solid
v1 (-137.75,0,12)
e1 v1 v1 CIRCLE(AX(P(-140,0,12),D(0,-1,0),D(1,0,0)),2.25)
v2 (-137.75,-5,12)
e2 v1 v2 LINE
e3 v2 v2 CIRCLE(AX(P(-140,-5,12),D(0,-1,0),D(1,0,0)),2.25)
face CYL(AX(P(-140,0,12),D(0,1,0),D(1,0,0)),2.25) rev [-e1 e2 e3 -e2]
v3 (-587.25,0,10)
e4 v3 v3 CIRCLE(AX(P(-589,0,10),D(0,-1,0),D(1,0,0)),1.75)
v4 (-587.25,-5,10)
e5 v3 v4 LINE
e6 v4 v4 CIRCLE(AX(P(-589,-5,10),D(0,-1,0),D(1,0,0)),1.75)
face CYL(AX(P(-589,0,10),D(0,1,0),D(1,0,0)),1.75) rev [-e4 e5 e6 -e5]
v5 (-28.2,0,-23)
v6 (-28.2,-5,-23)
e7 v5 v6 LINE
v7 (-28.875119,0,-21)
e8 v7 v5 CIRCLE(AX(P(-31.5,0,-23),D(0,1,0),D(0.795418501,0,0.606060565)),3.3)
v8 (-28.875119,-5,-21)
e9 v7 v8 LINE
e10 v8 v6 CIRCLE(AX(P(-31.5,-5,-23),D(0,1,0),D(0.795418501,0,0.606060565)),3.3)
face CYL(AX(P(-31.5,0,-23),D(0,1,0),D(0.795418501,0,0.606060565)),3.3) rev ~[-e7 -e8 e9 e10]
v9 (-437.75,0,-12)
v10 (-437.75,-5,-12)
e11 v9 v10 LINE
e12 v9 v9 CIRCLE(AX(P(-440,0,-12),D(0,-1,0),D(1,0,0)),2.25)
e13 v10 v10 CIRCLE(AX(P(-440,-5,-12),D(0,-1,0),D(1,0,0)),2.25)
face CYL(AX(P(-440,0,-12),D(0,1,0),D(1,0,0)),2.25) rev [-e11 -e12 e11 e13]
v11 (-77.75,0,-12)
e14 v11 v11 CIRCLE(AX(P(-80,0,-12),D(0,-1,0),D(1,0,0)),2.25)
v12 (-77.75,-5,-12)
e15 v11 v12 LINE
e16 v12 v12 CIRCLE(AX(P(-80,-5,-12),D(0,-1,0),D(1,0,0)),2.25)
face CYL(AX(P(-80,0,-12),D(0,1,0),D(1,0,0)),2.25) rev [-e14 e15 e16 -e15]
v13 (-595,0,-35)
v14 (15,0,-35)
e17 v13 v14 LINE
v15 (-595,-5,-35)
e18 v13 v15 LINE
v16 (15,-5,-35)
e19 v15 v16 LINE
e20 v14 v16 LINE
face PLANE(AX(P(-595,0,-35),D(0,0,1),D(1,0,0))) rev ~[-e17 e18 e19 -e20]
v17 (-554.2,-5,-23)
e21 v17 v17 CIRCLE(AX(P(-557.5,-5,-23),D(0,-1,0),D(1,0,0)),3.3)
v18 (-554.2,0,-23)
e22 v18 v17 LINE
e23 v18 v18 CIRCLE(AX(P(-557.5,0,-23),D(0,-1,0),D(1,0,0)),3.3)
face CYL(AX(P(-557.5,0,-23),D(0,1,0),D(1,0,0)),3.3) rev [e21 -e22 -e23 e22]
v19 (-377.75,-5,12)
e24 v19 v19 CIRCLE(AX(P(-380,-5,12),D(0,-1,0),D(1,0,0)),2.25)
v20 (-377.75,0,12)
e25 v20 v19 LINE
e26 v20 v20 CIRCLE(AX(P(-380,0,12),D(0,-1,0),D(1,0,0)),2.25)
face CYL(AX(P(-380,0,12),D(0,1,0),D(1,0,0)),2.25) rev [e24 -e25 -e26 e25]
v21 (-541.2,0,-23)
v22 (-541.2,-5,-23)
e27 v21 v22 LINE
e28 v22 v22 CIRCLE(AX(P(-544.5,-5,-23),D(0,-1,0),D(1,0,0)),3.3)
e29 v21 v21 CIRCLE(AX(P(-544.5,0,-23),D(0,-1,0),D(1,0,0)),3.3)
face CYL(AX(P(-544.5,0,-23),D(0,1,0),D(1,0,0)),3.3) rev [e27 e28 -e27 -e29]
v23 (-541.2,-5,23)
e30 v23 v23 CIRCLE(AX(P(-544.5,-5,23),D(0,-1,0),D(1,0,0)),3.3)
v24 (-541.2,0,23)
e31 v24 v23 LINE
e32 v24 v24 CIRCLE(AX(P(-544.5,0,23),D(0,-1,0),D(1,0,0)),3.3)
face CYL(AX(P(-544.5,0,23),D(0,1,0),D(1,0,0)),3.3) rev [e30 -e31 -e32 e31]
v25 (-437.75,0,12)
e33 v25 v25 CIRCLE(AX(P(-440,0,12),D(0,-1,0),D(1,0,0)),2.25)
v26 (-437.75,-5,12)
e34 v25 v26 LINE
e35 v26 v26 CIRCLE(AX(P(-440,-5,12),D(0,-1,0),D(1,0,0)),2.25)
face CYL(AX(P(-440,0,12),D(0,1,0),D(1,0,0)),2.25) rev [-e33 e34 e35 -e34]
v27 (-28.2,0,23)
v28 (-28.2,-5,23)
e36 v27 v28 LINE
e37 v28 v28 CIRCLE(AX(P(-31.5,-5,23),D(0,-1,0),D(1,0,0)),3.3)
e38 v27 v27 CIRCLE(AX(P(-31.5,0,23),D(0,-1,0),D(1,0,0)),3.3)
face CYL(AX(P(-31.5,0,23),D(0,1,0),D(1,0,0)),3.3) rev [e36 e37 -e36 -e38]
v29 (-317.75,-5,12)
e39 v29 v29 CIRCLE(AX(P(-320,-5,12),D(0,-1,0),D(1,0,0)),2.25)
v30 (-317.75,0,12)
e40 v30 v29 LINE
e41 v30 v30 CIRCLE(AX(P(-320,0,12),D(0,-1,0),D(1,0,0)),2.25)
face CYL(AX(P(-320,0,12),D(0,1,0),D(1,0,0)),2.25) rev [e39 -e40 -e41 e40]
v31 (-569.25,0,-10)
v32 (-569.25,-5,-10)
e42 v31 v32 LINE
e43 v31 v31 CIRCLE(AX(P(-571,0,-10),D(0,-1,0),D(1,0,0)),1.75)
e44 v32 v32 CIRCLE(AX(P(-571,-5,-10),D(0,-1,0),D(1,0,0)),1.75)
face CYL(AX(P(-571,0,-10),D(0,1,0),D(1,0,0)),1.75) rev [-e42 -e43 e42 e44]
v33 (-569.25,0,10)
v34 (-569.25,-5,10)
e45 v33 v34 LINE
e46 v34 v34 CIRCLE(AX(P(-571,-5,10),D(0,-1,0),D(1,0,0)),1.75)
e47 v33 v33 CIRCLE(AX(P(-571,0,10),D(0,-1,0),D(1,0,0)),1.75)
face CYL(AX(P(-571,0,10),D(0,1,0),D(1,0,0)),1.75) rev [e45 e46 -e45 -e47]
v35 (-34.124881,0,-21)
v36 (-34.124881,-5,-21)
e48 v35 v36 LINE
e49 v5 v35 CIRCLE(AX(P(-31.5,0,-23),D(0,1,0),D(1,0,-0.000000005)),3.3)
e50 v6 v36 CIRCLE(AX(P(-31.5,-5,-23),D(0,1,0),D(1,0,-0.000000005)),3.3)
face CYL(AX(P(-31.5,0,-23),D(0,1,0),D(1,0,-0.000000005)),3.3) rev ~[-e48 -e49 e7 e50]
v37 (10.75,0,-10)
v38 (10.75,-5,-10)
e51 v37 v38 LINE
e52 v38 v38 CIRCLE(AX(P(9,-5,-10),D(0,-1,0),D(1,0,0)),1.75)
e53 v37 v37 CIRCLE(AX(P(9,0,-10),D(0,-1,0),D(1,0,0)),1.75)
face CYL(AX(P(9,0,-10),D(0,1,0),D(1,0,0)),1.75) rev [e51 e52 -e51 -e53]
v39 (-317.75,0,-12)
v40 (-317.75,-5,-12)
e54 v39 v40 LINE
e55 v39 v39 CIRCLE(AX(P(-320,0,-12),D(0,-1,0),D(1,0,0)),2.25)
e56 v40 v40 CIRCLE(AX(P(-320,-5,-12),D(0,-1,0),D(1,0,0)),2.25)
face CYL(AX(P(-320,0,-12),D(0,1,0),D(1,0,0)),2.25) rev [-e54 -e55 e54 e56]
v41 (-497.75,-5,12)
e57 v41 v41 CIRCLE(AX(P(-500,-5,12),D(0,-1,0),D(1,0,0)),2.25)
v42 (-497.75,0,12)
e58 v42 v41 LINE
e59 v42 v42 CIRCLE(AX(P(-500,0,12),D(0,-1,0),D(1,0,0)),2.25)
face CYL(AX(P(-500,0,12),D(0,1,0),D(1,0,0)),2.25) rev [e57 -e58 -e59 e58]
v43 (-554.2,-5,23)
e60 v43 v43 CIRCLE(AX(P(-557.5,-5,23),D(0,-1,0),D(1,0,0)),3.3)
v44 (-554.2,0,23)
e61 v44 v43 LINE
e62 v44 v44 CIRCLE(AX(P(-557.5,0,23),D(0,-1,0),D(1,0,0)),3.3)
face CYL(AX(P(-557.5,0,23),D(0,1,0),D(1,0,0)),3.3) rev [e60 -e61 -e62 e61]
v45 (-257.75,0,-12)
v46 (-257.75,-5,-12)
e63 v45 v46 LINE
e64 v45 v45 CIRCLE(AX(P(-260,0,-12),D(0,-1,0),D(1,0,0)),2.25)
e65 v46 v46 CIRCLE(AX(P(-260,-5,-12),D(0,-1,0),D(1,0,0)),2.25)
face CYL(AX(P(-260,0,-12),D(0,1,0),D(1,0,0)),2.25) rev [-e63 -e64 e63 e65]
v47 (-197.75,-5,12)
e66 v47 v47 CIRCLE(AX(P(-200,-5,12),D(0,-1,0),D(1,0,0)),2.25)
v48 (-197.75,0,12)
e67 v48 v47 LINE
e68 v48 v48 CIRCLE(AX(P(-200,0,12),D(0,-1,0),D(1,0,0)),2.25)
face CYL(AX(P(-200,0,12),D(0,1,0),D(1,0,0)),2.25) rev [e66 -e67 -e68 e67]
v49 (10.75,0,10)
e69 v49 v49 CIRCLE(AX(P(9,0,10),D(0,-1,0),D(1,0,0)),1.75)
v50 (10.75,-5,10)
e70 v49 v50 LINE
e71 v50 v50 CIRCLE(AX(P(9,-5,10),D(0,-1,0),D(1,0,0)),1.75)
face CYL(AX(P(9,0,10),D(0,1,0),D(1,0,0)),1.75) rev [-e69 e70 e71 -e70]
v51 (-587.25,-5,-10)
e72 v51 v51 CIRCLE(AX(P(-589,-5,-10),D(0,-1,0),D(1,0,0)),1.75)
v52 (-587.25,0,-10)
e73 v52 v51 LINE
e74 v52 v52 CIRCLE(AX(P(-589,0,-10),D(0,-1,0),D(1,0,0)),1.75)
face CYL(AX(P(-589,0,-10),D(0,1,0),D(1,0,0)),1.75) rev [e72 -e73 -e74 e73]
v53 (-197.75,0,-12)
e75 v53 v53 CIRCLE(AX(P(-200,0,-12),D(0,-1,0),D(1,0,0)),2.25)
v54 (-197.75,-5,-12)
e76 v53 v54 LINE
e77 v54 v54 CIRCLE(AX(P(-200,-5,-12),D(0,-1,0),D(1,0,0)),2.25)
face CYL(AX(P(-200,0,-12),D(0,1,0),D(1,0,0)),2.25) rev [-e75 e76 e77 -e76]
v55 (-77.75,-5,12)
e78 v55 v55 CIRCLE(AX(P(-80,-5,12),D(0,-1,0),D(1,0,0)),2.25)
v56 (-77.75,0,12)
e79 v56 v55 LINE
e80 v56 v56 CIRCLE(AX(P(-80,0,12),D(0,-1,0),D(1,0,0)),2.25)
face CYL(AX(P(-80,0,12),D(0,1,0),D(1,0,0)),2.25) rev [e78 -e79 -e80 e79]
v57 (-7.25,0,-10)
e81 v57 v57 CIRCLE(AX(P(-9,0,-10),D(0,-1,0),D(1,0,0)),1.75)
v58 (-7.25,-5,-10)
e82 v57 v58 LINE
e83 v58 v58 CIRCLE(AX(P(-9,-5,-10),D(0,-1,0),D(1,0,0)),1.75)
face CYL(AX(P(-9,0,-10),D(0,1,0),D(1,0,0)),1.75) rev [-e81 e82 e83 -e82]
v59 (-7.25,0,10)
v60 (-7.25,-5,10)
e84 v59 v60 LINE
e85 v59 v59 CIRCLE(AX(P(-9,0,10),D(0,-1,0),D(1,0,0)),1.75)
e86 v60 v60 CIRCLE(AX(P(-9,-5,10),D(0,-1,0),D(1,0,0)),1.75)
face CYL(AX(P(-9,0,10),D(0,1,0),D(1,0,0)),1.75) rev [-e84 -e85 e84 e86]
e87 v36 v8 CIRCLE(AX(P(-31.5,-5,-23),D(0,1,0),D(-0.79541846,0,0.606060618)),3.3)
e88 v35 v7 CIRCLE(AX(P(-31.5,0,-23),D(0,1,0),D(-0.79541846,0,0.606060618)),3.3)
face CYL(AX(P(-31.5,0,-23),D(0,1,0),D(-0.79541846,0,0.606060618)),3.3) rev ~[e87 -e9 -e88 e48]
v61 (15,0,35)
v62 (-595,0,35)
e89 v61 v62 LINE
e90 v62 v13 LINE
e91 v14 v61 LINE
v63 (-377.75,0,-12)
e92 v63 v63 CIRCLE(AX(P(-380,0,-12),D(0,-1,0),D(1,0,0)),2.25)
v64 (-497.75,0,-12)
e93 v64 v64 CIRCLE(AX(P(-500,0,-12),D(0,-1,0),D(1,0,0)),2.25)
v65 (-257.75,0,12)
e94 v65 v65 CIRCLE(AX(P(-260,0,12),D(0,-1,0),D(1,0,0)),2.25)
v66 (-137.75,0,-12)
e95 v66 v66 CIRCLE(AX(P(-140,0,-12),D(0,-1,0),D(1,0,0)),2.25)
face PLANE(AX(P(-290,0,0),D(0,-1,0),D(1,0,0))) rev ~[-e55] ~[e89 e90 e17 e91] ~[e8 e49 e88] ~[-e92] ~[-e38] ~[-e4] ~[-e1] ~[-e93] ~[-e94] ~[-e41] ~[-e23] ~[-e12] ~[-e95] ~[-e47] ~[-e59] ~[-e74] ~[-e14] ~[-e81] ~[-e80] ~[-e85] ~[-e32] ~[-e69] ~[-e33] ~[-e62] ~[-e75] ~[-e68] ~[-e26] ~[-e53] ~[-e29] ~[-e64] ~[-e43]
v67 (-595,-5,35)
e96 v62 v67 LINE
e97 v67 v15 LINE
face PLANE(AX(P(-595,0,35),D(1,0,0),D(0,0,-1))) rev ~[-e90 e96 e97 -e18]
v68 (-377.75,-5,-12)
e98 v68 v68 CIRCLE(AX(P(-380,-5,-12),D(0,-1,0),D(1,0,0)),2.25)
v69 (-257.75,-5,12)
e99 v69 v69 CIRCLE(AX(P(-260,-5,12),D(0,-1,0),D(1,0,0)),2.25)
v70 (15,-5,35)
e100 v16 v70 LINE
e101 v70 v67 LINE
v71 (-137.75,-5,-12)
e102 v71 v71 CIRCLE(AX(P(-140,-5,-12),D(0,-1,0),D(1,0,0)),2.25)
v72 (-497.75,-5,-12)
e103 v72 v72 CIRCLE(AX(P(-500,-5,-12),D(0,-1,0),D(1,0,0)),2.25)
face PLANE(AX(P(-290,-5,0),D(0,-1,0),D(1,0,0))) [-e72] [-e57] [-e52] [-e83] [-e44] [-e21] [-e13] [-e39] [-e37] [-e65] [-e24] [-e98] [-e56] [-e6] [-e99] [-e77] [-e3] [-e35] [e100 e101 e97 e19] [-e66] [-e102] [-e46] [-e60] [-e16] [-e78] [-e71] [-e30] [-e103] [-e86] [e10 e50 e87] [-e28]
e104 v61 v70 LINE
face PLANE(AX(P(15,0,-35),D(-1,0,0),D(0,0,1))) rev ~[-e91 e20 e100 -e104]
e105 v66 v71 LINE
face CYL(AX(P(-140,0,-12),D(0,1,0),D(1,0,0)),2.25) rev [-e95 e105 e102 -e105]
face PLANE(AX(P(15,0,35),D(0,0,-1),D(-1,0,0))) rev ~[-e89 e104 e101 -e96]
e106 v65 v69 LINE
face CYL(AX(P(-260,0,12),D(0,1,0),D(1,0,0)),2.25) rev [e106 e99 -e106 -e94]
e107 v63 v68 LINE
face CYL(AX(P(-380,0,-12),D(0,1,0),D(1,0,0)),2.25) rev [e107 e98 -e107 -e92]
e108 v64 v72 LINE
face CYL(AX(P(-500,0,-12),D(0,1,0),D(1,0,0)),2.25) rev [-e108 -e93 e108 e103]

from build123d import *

# Parameters (mm, degrees)
F0_R     = 3.3
F0_R_2   = 1.75
F0_R_3   = 2.25
F1_DEPTH = 5


with BuildPart() as f1:
    # F0 (on Front) → F1 (new body)
    with BuildSketch(Plane.XZ):
        Polygon((-563, -35), (-539, -35), (-41, -35), (-22, -35), (15, -35), (15, 35), (-22, 35), (-41, 35), (-539, 35), (-563, 35), (-595, 35), (-595, -35), align=None)
        with Locations((-557.5, -23)):
            Circle(F0_R, mode=Mode.SUBTRACT)
        with Locations((-544.5, -23)):
            Circle(F0_R, mode=Mode.SUBTRACT)
        with Locations((-589, -10)):
            Circle(F0_R_2, mode=Mode.SUBTRACT)
        with Locations((-571, -10)):
            Circle(F0_R_2, mode=Mode.SUBTRACT)
        with Locations((-500, -12)):
            Circle(F0_R_3, mode=Mode.SUBTRACT)
        with Locations((-440, -12)):
            Circle(F0_R_3, mode=Mode.SUBTRACT)
        with Locations((-380, -12)):
            Circle(F0_R_3, mode=Mode.SUBTRACT)
        with Locations((-320, -12)):
            Circle(F0_R_3, mode=Mode.SUBTRACT)
        with BuildLine():
            ThreePointArc((-28.2, -23), (-32.555437, -26.126668), (-34.124881, -21))
            ThreePointArc((-34.124881, -21), (-31.5, -19.7), (-28.875119, -21))
            ThreePointArc((-28.875119, -21), (-28.373332, -21.944563), (-28.2, -23))
        make_face(mode=Mode.SUBTRACT)
        with Locations((-260, -12)):
            Circle(F0_R_3, mode=Mode.SUBTRACT)
        with Locations((-200, -12)):
            Circle(F0_R_3, mode=Mode.SUBTRACT)
        with Locations((-140, -12)):
            Circle(F0_R_3, mode=Mode.SUBTRACT)
        with Locations((-80, -12)):
            Circle(F0_R_3, mode=Mode.SUBTRACT)
        with Locations((-9, -10)):
            Circle(F0_R_2, mode=Mode.SUBTRACT)
        with Locations((9, -10)):
            Circle(F0_R_2, mode=Mode.SUBTRACT)
        with Locations((-589, 10)):
            Circle(F0_R_2, mode=Mode.SUBTRACT)
        with Locations((-571, 10)):
            Circle(F0_R_2, mode=Mode.SUBTRACT)
        with Locations((-500, 12)):
            Circle(F0_R_3, mode=Mode.SUBTRACT)
        with Locations((-440, 12)):
            Circle(F0_R_3, mode=Mode.SUBTRACT)
        with Locations((-380, 12)):
            Circle(F0_R_3, mode=Mode.SUBTRACT)
        with Locations((-320, 12)):
            Circle(F0_R_3, mode=Mode.SUBTRACT)
        with Locations((-557.5, 23)):
            Circle(F0_R, mode=Mode.SUBTRACT)
        with Locations((-544.5, 23)):
            Circle(F0_R, mode=Mode.SUBTRACT)
        with Locations((-260, 12)):
            Circle(F0_R_3, mode=Mode.SUBTRACT)
        with Locations((-200, 12)):
            Circle(F0_R_3, mode=Mode.SUBTRACT)
        with Locations((-140, 12)):
            Circle(F0_R_3, mode=Mode.SUBTRACT)
        with Locations((-80, 12)):
            Circle(F0_R_3, mode=Mode.SUBTRACT)
        with Locations((-9, 10)):
            Circle(F0_R_2, mode=Mode.SUBTRACT)
        with Locations((9, 10)):
            Circle(F0_R_2, mode=Mode.SUBTRACT)
        with Locations((-31.5, 23)):
            Circle(F0_R, mode=Mode.SUBTRACT)
    extrude(amount=F1_DEPTH)


solid = f1.part
